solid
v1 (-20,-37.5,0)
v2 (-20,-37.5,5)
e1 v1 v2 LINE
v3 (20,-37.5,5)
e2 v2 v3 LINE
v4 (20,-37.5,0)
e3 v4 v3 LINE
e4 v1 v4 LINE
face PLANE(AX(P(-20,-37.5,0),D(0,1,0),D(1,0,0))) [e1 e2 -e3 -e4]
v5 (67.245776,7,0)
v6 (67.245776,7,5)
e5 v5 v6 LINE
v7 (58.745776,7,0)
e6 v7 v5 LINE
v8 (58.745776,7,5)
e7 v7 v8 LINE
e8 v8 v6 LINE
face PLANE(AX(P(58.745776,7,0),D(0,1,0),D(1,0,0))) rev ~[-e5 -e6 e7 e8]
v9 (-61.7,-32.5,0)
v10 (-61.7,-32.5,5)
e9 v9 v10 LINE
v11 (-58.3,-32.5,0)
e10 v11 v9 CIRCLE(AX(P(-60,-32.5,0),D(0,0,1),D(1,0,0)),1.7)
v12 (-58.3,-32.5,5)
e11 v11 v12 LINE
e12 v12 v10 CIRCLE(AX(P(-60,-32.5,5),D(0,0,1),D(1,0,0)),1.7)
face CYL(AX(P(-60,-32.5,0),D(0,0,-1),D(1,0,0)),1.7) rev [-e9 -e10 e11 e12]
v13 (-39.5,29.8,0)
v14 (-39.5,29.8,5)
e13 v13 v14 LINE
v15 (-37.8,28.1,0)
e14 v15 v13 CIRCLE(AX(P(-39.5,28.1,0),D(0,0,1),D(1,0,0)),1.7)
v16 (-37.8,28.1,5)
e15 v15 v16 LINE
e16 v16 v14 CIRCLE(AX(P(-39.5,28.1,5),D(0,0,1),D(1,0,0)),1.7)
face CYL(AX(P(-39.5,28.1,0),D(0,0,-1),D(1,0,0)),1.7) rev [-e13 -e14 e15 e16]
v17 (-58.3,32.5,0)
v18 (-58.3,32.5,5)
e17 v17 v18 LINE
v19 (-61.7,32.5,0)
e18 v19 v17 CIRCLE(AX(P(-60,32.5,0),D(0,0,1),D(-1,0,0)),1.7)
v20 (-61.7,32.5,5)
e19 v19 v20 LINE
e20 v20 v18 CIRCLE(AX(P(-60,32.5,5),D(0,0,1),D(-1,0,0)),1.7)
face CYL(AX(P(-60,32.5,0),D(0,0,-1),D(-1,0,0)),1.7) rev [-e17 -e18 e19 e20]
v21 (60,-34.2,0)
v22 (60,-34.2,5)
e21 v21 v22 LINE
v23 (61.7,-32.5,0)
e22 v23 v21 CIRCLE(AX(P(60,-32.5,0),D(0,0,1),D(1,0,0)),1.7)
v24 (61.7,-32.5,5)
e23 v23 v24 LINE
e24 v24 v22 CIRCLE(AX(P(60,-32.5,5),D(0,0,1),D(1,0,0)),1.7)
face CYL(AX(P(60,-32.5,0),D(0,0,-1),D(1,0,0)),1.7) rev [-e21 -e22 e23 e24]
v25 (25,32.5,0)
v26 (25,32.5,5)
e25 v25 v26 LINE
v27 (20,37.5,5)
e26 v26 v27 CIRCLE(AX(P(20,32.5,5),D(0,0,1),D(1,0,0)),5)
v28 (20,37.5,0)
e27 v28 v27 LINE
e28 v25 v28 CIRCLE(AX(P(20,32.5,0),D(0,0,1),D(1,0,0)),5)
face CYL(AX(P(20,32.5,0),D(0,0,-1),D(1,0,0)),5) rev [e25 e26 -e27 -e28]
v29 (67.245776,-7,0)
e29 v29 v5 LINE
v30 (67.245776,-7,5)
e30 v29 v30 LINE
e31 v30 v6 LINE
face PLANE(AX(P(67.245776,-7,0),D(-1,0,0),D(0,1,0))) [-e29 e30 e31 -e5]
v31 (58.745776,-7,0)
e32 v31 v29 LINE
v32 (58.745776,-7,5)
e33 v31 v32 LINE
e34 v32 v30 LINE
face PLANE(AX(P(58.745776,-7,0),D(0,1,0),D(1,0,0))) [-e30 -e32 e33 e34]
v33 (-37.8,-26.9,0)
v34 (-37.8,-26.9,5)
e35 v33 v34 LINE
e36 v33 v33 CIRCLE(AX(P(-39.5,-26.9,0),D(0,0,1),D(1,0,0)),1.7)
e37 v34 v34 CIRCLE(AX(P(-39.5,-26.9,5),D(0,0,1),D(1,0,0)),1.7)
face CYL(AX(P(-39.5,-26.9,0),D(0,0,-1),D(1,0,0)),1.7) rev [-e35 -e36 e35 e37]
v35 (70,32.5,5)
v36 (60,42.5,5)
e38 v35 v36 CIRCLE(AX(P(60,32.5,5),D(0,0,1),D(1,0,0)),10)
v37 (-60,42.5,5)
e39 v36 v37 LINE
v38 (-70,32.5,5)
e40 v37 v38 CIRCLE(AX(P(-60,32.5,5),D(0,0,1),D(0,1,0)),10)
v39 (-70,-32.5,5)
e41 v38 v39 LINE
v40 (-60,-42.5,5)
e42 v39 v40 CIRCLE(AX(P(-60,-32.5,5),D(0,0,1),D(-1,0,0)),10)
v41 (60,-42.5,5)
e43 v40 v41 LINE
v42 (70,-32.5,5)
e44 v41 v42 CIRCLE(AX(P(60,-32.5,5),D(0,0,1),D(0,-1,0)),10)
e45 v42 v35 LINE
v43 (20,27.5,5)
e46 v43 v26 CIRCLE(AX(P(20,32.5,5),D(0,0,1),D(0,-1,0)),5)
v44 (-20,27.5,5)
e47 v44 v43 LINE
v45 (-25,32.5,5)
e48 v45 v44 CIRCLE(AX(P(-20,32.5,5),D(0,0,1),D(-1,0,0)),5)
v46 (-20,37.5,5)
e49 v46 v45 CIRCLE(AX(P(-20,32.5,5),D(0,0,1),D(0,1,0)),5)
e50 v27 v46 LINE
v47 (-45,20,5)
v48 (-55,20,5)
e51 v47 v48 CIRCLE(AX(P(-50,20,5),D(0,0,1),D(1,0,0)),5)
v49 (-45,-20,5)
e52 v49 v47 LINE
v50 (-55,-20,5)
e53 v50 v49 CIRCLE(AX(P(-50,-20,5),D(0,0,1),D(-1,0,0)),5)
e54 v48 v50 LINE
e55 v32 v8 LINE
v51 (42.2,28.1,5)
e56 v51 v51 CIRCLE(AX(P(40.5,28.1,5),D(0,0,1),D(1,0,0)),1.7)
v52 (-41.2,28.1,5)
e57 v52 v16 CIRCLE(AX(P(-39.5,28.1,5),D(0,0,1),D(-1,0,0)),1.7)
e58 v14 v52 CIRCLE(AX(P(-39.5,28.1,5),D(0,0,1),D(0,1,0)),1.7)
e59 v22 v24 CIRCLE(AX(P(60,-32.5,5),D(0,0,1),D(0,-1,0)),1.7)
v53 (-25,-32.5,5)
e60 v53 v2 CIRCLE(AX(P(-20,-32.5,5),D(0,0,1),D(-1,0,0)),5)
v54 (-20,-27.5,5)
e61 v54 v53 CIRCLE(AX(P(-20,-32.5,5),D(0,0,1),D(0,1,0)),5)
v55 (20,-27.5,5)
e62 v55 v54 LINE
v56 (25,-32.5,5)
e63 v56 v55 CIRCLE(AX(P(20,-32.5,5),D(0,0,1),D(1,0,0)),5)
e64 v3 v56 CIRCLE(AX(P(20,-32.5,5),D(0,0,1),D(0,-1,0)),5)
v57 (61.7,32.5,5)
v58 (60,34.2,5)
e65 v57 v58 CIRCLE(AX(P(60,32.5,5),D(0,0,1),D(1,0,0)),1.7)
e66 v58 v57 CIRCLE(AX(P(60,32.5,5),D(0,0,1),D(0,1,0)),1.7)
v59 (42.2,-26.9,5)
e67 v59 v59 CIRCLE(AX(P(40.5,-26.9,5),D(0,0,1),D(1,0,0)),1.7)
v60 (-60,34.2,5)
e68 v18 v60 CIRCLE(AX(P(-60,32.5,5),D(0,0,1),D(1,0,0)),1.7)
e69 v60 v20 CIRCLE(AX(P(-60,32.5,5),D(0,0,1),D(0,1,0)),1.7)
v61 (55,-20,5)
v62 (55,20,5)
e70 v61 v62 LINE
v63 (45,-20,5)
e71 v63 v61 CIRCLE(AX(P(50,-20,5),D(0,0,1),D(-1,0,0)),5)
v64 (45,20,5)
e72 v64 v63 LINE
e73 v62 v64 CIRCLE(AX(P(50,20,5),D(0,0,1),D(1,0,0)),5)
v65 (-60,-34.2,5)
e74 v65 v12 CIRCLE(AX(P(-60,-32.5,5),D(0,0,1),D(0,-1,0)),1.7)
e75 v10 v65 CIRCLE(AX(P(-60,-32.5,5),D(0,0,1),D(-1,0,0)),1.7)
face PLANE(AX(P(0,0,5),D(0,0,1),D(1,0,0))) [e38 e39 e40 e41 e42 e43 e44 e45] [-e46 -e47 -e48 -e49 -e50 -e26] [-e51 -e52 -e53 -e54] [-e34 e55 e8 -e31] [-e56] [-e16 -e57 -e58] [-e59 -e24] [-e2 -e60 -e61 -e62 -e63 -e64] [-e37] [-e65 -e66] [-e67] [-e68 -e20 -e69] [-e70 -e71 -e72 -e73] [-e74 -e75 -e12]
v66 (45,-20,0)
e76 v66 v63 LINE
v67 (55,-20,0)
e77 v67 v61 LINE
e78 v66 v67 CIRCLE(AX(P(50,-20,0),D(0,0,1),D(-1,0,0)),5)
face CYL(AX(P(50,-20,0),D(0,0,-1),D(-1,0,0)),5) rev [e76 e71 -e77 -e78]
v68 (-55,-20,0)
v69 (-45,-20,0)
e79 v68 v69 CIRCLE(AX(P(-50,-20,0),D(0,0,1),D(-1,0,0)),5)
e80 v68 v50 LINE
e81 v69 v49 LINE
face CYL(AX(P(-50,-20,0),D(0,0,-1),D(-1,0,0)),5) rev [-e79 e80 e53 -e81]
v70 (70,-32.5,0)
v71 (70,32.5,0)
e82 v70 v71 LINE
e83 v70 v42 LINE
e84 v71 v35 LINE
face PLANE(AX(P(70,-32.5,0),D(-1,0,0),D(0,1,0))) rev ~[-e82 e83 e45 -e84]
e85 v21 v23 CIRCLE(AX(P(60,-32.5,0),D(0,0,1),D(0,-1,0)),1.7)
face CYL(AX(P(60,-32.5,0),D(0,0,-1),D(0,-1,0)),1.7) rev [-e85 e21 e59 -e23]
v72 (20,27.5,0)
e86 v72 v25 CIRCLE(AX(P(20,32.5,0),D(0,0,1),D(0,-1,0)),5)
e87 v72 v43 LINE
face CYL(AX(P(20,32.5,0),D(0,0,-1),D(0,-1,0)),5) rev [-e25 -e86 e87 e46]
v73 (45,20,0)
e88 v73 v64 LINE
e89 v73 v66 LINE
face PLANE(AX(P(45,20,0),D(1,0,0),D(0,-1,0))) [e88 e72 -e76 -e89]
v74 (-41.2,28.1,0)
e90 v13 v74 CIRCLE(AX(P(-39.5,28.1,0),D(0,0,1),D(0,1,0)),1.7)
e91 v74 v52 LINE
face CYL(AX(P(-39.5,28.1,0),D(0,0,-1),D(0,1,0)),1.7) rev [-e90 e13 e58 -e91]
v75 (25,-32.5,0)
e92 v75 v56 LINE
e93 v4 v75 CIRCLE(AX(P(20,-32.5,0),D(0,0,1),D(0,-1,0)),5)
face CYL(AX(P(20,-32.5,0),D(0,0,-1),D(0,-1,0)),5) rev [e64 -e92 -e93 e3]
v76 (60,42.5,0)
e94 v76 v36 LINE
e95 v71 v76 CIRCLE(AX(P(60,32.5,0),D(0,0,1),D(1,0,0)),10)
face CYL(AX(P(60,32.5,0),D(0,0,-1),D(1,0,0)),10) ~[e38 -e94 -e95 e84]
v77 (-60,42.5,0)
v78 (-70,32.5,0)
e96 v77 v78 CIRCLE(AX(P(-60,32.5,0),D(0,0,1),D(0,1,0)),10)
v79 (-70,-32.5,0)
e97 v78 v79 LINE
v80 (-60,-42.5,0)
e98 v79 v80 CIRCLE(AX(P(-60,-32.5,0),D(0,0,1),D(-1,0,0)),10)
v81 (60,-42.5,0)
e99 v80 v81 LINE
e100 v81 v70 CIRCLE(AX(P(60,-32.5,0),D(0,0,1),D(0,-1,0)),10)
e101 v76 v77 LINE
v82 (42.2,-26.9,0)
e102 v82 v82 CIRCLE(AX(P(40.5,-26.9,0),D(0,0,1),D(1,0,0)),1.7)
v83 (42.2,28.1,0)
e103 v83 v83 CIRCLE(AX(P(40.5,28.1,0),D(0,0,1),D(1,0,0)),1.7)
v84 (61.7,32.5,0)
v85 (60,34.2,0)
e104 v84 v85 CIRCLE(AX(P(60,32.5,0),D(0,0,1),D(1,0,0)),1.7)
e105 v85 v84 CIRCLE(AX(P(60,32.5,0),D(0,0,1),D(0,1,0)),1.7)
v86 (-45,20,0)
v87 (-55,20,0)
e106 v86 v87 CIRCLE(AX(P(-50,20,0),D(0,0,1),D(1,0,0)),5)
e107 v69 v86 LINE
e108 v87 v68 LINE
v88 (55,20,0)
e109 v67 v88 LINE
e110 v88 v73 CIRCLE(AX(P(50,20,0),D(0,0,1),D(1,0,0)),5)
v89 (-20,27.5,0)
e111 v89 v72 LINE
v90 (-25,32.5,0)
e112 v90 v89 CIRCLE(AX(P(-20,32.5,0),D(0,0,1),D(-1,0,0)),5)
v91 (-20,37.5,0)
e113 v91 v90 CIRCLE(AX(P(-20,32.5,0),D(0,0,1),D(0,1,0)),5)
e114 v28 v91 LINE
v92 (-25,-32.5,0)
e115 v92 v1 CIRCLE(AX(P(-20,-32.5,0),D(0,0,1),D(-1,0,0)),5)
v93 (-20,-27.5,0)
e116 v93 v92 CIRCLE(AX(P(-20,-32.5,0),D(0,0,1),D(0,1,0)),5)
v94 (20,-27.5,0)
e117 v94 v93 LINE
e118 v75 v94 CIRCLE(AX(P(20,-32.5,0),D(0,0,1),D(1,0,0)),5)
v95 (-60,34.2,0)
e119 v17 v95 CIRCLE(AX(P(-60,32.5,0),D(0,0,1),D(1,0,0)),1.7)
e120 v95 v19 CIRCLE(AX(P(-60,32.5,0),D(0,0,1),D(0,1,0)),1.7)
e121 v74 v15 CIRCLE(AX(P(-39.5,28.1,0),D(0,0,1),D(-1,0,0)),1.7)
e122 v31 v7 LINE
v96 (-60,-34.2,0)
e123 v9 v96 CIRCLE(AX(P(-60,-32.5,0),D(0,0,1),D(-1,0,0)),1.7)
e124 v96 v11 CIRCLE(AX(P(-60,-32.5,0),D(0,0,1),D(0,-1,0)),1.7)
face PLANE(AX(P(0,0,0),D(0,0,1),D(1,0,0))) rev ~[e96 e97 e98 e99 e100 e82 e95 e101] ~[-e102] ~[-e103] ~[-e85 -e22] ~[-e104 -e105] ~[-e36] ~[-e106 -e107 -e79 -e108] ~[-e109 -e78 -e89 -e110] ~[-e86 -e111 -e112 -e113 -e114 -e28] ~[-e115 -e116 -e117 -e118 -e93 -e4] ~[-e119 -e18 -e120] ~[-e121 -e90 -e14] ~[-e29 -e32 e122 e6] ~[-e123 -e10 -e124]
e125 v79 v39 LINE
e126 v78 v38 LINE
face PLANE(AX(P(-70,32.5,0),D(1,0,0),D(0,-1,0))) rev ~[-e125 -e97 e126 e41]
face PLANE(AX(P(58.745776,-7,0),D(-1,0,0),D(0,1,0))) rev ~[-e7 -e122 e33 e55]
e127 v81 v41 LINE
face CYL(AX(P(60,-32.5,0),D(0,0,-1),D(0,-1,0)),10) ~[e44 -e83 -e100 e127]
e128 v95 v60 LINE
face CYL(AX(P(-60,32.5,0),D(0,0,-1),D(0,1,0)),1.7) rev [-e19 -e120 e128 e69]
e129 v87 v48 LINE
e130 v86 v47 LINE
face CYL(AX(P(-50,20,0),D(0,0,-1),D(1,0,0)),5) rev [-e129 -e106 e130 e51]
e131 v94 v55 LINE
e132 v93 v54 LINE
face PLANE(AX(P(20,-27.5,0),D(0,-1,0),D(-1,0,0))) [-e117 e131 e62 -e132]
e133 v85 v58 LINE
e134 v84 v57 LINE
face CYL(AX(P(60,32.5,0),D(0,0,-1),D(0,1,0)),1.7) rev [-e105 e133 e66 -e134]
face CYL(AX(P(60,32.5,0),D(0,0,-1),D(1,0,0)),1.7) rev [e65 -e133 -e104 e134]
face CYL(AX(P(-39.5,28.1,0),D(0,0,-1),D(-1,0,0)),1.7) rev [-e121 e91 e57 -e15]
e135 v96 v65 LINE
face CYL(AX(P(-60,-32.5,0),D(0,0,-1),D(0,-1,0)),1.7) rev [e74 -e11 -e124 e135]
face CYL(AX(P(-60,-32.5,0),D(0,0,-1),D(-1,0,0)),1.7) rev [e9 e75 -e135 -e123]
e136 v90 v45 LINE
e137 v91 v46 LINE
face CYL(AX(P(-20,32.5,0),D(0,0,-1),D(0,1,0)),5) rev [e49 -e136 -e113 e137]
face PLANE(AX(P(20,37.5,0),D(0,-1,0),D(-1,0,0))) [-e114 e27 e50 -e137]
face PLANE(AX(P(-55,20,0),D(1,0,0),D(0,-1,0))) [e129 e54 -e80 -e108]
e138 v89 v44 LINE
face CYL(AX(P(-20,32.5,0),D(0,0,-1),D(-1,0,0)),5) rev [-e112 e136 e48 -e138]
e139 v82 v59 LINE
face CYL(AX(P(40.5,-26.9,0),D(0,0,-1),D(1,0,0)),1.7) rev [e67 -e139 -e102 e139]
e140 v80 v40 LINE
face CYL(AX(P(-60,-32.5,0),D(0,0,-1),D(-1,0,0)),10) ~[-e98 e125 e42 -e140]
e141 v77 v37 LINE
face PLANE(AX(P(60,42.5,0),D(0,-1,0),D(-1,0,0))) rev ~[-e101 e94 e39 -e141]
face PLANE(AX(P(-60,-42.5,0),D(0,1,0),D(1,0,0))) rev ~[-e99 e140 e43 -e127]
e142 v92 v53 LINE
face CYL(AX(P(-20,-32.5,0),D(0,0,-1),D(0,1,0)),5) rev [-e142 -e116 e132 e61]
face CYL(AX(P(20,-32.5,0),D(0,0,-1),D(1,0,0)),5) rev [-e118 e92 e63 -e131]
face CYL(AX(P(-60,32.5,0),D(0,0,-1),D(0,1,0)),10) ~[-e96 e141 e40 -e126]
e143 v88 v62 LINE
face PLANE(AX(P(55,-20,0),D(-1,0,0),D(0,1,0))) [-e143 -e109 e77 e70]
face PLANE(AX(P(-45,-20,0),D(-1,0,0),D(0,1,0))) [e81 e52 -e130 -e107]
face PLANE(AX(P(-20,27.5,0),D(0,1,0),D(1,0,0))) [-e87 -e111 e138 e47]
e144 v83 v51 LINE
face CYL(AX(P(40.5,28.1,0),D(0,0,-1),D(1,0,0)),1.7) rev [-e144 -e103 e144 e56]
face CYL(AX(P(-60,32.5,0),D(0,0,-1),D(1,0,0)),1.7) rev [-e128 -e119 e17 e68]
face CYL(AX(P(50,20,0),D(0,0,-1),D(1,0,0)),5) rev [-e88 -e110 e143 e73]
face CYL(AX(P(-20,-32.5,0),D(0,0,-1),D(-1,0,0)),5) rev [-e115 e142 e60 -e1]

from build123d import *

# Parameters (mm, degrees)
BOSS_EXTRUDE1_DEPTH = 5
SKETCH2_R           = 1.7
SKETCH2_W           = 8.5
SKETCH2_H           = 14
CUT_EXTRUDE9_DEPTH  = 5


with BuildPart() as part:
    # Sketch1 → Boss-Extrude1 (new body)
    with BuildSketch(Plane.XY):
        with BuildLine():
            Line((-60, -42.5), (60, -42.5))
            ThreePointArc((60, -42.5), (67.071067812, -39.571067812), (70, -32.5))
            Line((70, -32.5), (70, 32.5))
            ThreePointArc((70, 32.5), (67.071067812, 39.571067812), (60, 42.5))
            Line((60, 42.5), (-60, 42.5))
            ThreePointArc((-60, 42.5), (-67.071067812, 39.571067812), (-70, 32.5))
            Line((-70, 32.5), (-70, -32.5))
            ThreePointArc((-70, -32.5), (-67.071067812, -39.571067812), (-60, -42.5))
        make_face()
    extrude(amount=BOSS_EXTRUDE1_DEPTH)

    # Sketch2 → Cut-Extrude9 (cut)
    with BuildSketch(Plane.XY):
        with BuildLine():
            Line((25, 32.5), (-25, 32.5))
            ThreePointArc((-25, 32.5), (-23.535533906, 28.964466094), (-20, 27.5))
            Line((-20, 27.5), (20, 27.5))
            ThreePointArc((20, 27.5), (23.535533906, 28.964466094), (25, 32.5))
        make_face()
        with BuildLine():
            ThreePointArc((-20, 37.5), (-23.535533906, 36.035533906), (-25, 32.5))
            Line((-25, 32.5), (25, 32.5))
            ThreePointArc((25, 32.5), (23.535533906, 36.035533906), (20, 37.5))
            Line((20, 37.5), (-20, 37.5))
        make_face()
        with BuildLine():
            Line((45, 20), (45, -20))
            ThreePointArc((45, -20), (50, -25), (55, -20))
            Line((55, -20), (55, 20))
            ThreePointArc((55, 20), (50, 25), (45, 20))
        make_face()
        with BuildLine():
            ThreePointArc((60, 34.2), (58.797918472, 31.297918472), (61.7, 32.5))
            Line((61.7, 32.5), (60, 32.5))
            Line((60, 32.5), (60, 34.2))
        make_face()
        with BuildLine():
            Line((60, 32.5), (61.7, 32.5))
            ThreePointArc((61.7, 32.5), (61.202081528, 33.702081528), (60, 34.2))
            Line((60, 34.2), (60, 32.5))
        make_face()
        with BuildLine():
            ThreePointArc((60, -34.2), (61.202081528, -33.702081528), (61.7, -32.5))
            Line((61.7, -32.5), (60, -32.5))
            Line((60, -32.5), (60, -34.2))
        make_face()
        with BuildLine():
            Line((60, -32.5), (61.7, -32.5))
            ThreePointArc((61.7, -32.5), (58.797918472, -31.297918472), (60, -34.2))
            Line((60, -34.2), (60, -32.5))
        make_face()
        with Locations((40.5, -26.9)):
            Circle(SKETCH2_R)
        with BuildLine():
            ThreePointArc((-20, -27.5), (-23.535533906, -28.964466094), (-25, -32.5))
            Line((-25, -32.5), (25, -32.5))
            ThreePointArc((25, -32.5), (23.535533906, -28.964466094), (20, -27.5))
            Line((20, -27.5), (-20, -27.5))
        make_face()
        with BuildLine():
            Line((25, -32.5), (-25, -32.5))
            ThreePointArc((-25, -32.5), (-23.535533906, -36.035533906), (-20, -37.5))
            Line((-20, -37.5), (20, -37.5))
            ThreePointArc((20, -37.5), (23.535533906, -36.035533906), (25, -32.5))
        make_face()
        with Locations((-39.5, -26.9)):
            Circle(SKETCH2_R)
        with BuildLine():
            ThreePointArc((-37.8, 28.1), (-38.297918472, 29.302081528), (-39.5, 29.8))
            Line((-39.5, 29.8), (-39.5, 28.1))
            Line((-39.5, 28.1), (-41.2, 28.1))
            ThreePointArc((-41.2, 28.1), (-39.5, 26.4), (-37.8, 28.1))
        make_face()
        with BuildLine():
            Line((-39.5, 28.1), (-39.5, 29.8))
            ThreePointArc((-39.5, 29.8), (-40.702081528, 29.302081528), (-41.2, 28.1))
            Line((-41.2, 28.1), (-39.5, 28.1))
        make_face()
        with BuildLine():
            Line((-55, 20), (-55, -20))
            ThreePointArc((-55, -20), (-50, -25), (-45, -20))
            Line((-45, -20), (-45, 20))
            ThreePointArc((-45, 20), (-50, 25), (-55, 20))
        make_face()
        with BuildLine():
            ThreePointArc((-60, 34.2), (-61.202081528, 33.702081528), (-61.7, 32.5))
            Line((-61.7, 32.5), (-60, 32.5))
            Line((-60, 32.5), (-60, 34.2))
        make_face()
        with BuildLine():
            Line((-60, 32.5), (-61.7, 32.5))
            ThreePointArc((-61.7, 32.5), (-60, 30.8), (-58.3, 32.5))
            ThreePointArc((-58.3, 32.5), (-58.797918472, 33.702081528), (-60, 34.2))
            Line((-60, 34.2), (-60, 32.5))
        make_face()
        with BuildLine():
            ThreePointArc((-58.3, -32.5), (-60, -30.8), (-61.7, -32.5))
            Line((-61.7, -32.5), (-60, -32.5))
            Line((-60, -32.5), (-60, -34.2))
            ThreePointArc((-60, -34.2), (-58.797918472, -33.702081528), (-58.3, -32.5))
        make_face()
        with BuildLine():
            Line((-60, -32.5), (-61.7, -32.5))
            ThreePointArc((-61.7, -32.5), (-61.202081528, -33.702081528), (-60, -34.2))
            Line((-60, -34.2), (-60, -32.5))
        make_face()
        with Locations((40.5, 28.1)):
            Circle(SKETCH2_R)
        with Locations((62.995775603, 0)):
            Rectangle(SKETCH2_W, SKETCH2_H)
    extrude(amount=CUT_EXTRUDE9_DEPTH, mode=Mode.SUBTRACT)


solid = part.part
